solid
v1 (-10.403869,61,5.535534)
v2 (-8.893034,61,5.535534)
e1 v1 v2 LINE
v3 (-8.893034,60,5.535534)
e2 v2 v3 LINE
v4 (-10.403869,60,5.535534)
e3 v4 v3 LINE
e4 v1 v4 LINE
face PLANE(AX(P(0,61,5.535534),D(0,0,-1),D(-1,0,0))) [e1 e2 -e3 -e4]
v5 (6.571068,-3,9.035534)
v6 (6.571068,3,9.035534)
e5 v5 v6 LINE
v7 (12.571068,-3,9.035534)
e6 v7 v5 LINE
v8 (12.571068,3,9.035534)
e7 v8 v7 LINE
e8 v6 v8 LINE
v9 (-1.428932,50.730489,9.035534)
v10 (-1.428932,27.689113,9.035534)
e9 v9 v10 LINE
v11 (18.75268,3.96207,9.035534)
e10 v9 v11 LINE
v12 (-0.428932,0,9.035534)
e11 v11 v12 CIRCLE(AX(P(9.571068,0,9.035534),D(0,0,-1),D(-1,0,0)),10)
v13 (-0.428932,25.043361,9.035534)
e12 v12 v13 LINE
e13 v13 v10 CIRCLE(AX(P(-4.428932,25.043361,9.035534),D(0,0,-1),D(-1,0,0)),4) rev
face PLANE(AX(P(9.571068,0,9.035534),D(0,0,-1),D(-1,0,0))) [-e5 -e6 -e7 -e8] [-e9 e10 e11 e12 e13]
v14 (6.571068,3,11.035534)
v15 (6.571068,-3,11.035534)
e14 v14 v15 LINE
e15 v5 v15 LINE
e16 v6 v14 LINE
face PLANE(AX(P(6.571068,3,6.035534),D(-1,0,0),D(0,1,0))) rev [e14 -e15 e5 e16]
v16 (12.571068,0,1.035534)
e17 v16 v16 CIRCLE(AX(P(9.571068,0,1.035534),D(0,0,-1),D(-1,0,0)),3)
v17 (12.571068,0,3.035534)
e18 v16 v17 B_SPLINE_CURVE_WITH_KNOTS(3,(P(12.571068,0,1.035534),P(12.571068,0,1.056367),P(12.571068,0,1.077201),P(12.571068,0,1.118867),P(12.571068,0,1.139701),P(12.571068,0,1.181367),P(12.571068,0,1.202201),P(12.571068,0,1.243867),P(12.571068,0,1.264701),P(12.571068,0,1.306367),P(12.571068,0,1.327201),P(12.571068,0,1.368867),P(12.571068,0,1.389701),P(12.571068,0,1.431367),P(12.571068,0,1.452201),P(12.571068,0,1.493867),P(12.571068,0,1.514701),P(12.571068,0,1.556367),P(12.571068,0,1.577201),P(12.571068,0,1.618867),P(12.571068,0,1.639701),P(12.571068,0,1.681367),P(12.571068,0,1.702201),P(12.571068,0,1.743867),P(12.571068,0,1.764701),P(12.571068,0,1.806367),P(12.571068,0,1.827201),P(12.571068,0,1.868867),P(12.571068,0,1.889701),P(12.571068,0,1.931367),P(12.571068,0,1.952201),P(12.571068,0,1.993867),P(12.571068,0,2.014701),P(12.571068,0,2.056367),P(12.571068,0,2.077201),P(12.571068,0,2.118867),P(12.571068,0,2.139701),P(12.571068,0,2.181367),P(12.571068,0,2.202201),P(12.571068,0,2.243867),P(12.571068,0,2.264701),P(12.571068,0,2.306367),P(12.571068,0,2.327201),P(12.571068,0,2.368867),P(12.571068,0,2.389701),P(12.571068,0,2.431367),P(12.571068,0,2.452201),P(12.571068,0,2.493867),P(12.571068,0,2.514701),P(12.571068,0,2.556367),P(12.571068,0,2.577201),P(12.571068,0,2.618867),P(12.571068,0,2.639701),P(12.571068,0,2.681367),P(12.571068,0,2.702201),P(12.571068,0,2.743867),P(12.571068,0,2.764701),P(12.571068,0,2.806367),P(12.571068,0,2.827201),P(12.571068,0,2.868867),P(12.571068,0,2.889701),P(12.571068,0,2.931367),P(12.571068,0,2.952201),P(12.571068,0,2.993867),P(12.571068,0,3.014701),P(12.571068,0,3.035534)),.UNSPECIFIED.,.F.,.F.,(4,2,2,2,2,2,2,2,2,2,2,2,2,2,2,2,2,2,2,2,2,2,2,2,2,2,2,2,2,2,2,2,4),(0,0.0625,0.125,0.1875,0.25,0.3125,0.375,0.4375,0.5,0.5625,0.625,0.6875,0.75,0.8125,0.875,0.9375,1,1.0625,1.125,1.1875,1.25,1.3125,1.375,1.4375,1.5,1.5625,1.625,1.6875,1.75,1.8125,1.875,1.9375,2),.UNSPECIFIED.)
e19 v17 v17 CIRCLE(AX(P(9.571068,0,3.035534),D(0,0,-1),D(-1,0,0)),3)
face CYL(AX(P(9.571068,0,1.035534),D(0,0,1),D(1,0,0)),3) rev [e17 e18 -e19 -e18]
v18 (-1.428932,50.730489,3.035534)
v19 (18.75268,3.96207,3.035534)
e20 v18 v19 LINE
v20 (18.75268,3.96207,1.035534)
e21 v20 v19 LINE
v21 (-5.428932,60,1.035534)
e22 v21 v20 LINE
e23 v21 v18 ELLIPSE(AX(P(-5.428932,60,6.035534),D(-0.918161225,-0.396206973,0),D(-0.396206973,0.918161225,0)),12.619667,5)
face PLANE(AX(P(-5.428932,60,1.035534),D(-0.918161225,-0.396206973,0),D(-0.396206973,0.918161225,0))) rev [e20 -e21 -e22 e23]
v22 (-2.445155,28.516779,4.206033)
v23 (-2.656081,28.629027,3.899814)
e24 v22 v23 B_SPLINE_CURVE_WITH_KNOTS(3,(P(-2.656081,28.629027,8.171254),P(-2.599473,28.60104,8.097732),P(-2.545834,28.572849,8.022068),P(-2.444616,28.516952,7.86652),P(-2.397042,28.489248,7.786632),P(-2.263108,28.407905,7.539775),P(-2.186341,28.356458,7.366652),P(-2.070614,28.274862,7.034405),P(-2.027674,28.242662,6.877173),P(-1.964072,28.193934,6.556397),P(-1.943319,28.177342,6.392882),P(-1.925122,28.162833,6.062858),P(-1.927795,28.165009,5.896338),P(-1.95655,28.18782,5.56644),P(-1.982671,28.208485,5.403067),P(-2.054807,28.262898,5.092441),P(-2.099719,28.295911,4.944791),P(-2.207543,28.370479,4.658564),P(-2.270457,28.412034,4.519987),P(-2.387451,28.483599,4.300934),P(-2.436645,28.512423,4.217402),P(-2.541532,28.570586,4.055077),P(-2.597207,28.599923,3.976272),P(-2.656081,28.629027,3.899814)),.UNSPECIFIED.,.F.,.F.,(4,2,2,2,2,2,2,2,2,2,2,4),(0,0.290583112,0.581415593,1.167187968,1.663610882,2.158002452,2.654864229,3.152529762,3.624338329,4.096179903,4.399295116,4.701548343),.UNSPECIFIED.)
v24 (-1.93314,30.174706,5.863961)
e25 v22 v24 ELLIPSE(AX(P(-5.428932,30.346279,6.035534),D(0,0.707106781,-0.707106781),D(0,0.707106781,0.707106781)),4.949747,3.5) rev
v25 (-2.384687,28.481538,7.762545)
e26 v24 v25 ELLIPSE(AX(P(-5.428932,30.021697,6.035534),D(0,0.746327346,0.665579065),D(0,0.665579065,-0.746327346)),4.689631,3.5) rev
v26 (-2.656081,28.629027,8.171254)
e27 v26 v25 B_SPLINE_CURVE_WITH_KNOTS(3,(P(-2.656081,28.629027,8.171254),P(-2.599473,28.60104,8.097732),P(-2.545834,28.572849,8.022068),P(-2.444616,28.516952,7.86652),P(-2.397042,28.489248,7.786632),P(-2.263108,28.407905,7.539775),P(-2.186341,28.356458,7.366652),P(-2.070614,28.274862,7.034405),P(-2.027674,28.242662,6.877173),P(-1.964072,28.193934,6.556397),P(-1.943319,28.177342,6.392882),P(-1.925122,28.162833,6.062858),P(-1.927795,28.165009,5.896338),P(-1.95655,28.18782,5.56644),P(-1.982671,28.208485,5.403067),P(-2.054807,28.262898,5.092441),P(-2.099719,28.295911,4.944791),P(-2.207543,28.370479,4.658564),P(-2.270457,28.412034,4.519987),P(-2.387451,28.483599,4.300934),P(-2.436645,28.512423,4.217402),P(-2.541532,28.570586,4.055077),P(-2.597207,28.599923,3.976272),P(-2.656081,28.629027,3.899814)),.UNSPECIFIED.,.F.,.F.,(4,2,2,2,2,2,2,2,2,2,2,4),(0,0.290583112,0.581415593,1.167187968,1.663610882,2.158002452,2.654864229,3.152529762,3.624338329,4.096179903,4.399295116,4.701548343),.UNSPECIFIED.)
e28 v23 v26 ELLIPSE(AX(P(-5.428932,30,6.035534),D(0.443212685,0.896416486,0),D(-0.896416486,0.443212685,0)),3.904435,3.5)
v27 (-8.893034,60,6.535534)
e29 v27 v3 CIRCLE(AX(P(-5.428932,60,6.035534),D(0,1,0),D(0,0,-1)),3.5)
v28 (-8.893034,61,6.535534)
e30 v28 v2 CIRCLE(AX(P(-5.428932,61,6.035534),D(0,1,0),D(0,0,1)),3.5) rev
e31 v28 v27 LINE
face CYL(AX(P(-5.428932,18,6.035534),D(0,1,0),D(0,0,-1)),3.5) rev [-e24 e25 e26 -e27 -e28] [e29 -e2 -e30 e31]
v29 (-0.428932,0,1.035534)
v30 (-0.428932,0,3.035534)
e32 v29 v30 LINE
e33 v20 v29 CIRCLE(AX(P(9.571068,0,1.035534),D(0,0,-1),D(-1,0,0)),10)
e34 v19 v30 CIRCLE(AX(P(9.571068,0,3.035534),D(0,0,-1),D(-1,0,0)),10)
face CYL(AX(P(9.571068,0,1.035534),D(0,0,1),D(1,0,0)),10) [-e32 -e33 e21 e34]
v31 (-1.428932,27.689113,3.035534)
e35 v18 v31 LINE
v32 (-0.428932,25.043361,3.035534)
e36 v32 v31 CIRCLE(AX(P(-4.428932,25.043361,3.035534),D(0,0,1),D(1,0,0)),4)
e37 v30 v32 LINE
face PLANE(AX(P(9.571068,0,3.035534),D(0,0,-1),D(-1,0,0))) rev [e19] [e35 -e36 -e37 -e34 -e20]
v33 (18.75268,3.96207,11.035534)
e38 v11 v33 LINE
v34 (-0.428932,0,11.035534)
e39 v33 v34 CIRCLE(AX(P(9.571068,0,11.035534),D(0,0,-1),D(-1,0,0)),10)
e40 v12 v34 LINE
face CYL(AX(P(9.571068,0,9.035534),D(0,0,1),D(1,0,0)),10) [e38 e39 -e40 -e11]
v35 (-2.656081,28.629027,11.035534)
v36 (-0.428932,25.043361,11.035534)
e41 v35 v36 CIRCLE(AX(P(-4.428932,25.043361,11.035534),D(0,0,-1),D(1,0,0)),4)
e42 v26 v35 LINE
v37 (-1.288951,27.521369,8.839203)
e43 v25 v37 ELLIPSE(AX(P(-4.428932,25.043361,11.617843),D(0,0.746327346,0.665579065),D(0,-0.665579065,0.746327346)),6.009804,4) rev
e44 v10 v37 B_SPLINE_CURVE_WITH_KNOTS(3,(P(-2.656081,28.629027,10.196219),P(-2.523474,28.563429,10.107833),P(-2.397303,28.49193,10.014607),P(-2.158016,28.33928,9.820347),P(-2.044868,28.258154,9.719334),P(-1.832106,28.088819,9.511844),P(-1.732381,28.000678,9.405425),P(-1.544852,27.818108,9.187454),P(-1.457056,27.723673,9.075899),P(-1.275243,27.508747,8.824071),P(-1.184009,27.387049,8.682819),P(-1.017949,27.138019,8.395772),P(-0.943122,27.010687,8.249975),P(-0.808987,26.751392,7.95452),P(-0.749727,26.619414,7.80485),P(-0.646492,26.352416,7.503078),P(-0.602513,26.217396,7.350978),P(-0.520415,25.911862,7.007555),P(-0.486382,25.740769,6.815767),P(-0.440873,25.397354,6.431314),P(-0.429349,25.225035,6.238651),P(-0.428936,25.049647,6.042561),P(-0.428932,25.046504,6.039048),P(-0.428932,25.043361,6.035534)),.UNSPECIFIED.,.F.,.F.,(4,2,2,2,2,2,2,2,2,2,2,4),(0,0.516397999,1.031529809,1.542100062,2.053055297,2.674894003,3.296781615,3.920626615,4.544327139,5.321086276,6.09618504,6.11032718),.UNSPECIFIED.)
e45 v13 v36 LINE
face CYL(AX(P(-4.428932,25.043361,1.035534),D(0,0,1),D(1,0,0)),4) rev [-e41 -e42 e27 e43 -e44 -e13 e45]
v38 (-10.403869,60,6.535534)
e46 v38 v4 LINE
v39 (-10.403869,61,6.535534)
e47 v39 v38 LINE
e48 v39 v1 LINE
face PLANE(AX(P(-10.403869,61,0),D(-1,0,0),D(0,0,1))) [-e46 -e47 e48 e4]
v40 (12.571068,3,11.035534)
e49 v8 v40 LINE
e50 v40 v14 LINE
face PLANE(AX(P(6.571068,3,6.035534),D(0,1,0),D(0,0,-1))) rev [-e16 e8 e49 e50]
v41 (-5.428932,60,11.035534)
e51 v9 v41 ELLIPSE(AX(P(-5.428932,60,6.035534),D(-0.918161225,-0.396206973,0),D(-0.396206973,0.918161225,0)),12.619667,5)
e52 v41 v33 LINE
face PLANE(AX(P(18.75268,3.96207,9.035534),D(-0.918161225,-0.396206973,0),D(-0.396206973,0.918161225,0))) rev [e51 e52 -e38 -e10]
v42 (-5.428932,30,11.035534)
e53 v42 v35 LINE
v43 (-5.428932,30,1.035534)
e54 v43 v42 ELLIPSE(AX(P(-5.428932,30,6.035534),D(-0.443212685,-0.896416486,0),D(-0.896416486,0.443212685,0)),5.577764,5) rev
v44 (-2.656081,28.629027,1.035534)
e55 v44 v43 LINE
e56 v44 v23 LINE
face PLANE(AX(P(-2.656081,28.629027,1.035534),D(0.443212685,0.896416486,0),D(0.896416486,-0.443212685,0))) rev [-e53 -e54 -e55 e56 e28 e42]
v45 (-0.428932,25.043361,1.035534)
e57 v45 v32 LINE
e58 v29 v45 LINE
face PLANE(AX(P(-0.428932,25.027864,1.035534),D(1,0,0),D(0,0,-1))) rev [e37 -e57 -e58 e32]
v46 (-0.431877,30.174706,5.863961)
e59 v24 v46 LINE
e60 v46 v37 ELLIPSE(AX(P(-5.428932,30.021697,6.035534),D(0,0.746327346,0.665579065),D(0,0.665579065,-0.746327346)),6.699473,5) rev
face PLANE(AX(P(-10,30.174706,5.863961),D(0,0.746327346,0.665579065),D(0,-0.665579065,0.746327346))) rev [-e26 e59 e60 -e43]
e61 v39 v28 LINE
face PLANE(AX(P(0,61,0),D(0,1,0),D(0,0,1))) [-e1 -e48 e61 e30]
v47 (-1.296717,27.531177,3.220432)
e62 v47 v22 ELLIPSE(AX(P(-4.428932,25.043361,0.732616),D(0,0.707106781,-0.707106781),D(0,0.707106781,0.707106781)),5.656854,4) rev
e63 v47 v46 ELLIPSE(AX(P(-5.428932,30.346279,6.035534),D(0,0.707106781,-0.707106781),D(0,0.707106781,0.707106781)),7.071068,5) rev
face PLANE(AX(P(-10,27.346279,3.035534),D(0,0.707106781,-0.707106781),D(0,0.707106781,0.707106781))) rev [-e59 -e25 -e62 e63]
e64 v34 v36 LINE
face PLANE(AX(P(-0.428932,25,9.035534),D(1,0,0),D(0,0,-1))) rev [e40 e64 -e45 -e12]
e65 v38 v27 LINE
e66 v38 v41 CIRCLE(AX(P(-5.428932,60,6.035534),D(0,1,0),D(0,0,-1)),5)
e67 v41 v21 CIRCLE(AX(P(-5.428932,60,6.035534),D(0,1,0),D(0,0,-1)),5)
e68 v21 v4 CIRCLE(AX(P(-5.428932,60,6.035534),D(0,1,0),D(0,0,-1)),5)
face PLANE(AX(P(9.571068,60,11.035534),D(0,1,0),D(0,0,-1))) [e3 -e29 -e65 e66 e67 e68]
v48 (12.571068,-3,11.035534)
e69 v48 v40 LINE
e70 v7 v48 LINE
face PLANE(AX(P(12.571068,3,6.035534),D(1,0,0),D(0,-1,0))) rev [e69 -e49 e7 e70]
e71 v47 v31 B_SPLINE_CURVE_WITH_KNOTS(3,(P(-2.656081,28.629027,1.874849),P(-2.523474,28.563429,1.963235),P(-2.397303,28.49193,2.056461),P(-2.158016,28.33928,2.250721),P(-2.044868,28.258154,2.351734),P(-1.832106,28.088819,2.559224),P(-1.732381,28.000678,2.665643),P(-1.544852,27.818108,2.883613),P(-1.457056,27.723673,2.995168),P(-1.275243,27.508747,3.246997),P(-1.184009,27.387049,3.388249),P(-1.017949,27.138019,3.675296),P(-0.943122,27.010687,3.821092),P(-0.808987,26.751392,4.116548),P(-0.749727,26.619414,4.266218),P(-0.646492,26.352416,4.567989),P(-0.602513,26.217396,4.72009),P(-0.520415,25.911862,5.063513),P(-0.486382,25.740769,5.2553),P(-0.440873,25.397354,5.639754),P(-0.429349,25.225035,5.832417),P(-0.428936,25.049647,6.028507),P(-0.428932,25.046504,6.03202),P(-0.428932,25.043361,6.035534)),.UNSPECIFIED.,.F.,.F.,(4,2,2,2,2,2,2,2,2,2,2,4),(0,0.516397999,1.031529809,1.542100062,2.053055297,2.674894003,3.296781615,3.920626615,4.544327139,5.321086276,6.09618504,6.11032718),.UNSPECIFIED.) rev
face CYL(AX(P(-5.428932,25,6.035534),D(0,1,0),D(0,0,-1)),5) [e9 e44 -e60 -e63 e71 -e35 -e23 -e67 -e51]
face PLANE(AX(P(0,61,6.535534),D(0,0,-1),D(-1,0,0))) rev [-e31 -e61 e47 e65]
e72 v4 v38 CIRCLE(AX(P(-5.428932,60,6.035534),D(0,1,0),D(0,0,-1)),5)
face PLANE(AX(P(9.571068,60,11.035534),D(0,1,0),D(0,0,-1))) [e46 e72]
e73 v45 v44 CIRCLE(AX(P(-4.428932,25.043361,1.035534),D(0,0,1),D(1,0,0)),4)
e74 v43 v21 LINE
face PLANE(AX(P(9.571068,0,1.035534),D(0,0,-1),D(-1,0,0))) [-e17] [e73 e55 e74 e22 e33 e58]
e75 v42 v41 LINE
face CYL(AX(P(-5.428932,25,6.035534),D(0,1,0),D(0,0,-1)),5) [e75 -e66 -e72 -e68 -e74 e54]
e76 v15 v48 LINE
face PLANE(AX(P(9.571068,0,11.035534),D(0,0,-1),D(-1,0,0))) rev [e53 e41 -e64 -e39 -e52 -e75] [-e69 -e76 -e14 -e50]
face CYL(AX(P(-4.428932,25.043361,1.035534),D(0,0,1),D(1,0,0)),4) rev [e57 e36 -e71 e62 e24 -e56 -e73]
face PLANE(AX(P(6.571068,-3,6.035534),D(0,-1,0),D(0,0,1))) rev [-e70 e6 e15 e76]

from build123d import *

# Parameters (mm, degrees)
SKETCH1_R             = 3
BOSS_EXTRUDE1_DEPTH   = 2
SKETCH2_R             = 3
BOSS_EXTRUDE2_DEPTH   = 2
SKETCH3_R             = 5
CUT_EXTRUDE1_DEPTH    = 38
BOSS_EXTRUDE3_DEPTH   = 35
CUT_EXTRUDE2_DEPTH    = 13
SKETCH6_R             = 3.5
CUT_EXTRUDE3_DEPTH    = 42
SKETCH7_W             = 6
SKETCH7_H             = 6
CUT_EXTRUDE4_DEPTH    = 5
BODY_MOVE_COPY1_ANGLE = 90
BODY_MOVE_COPY2_ANGLE = 45
BODY_MOVE_COPY3_ANGLE = 45
CUT_EXTRUDE5_DEPTH    = 10
BOSS_EXTRUDE4_START   = 1
BOSS_EXTRUDE4_DEPTH   = 1


with BuildPart() as part:
    # Sketch1 → Boss-Extrude1 (new body)
    with BuildSketch(Plane.XY):
        with BuildLine():
            Line((10, 0), (10, 25))
            Line((10, 25), (10, 25.027864045))
            ThreePointArc((10, 25.027864045), (10.597396767, 27.130788493), (12.211145618, 28.605572809))
            Line((12.211145618, 28.605572809), (15, 30))
            Line((15, 30), (15, 60))
            Line((15, 60), (-9.181612248, 3.962069729))
            ThreePointArc((-9.181612248, 3.962069729), (-2.022854113, -9.793266117), (10, 0))
        make_face()
        Circle(SKETCH1_R, mode=Mode.SUBTRACT)
    extrude(amount=BOSS_EXTRUDE1_DEPTH)


with BuildPart() as body_2:
    # Sketch2 → Boss-Extrude2 (new body)
    with BuildSketch(Plane.XY.offset(8)):
        with BuildLine():
            Line((10, 0), (10, 25.027864045))
            Line((10, 25.027864045), (10, 25.043361255))
            ThreePointArc((10, 25.043361255), (10.602103374, 27.153882167), (12.22714926, 28.629027198))
            Line((12.22714926, 28.629027198), (15, 30))
            Line((15, 30), (15, 60))
            Line((15, 60), (-9.181612248, 3.962069729))
            ThreePointArc((-9.181612248, 3.962069729), (-2.022854113, -9.793266117), (10, 0))
        make_face()
        Circle(SKETCH2_R, mode=Mode.SUBTRACT)
    extrude(amount=BOSS_EXTRUDE2_DEPTH)


with BuildPart() as cut_extrude1_tool:
    # Sketch3 → Cut-Extrude1 (new body)
    with BuildSketch(Plane(origin=(0, 60, 0), x_dir=(1, 0, 0), z_dir=(0, 1, 0))):
        with Locations((15, -5)):
            Circle(SKETCH3_R)
    extrude(amount=-CUT_EXTRUDE1_DEPTH)


with BuildPart() as part_1:
    add(part.part)

    # Cut-Extrude1: cut by cut_extrude1_tool
    add(cut_extrude1_tool.part, mode=Mode.SUBTRACT)



with BuildPart() as body_2_1:
    add(body_2.part)

    # Cut-Extrude1: cut by cut_extrude1_tool
    add(cut_extrude1_tool.part, mode=Mode.SUBTRACT)


with BuildPart() as part_2:
    add(part_1.part)

    add(body_2_1.part)  # Boss-Extrude3 merges body 2
    # Sketch4 → Boss-Extrude3 (add)
    with BuildSketch(Plane(origin=(0, 60, 0), x_dir=(1, 0, 0), z_dir=(0, 1, 0))):
        with BuildLine():
            ThreePointArc((15, 0), (10, -5), (15, -10))
            Line((15, -10), (15, 0))
        make_face()
        with BuildLine():
            Line((15, 0), (15, -10))
            ThreePointArc((15, -10), (18.535533906, -8.535533906), (20, -5))
            ThreePointArc((20, -5), (18.535533906, -1.464466094), (15, 0))
        make_face()
    extrude(amount=-BOSS_EXTRUDE3_DEPTH)

    # Sketch5 → Cut-Extrude2 (cut)
    with BuildSketch(Plane.XY):
        with BuildLine():
            Line((10, 25.027864045), (10, 25.043361255))
            ThreePointArc((10, 25.043361255), (10.602103374, 27.153882167), (12.22714926, 28.629027198))
            Line((12.22714926, 28.629027198), (15, 30))
            Line((15, 30), (20, 32.472135955))
            Line((20, 32.472135955), (20, 25))
            Line((20, 25), (20, 22.63115285))
            Line((20, 22.63115285), (10, 22.63115285))
            Line((10, 22.63115285), (10, 25.027864045))
        make_face()
    extrude(amount=CUT_EXTRUDE2_DEPTH, mode=Mode.SUBTRACT)

    # Sketch6 → Cut-Extrude3 (cut)
    with BuildSketch(Plane(origin=(0, 60, 0), x_dir=(1, 0, 0), z_dir=(0, 1, 0))):
        with Locations(Location((15, -5, 0), (0, 0, 270))):
            Circle(SKETCH6_R)
    extrude(amount=-CUT_EXTRUDE3_DEPTH, mode=Mode.SUBTRACT)

    # Sketch7 → Cut-Extrude4 (cut)
    with BuildSketch(Plane(origin=(0, 0, 0), x_dir=(-1, 0, 0), z_dir=(0, 0, -1))):
        Rectangle(SKETCH7_W, SKETCH7_H)
    extrude(amount=-CUT_EXTRUDE4_DEPTH, mode=Mode.SUBTRACT)


with BuildPart() as part_3:
    # Body-Move/Copy1: moved
    add(part_2.part.rotate(Axis((5, 0, 5), (0, 1, 0)), BODY_MOVE_COPY1_ANGLE))


with BuildPart() as part_4:
    # Body-Move/Copy2: moved
    add(part_3.part.rotate(Axis((5, 0, 5), (0, 1, 0)), BODY_MOVE_COPY2_ANGLE))


with BuildPart() as part_5:
    # Body-Move/Copy3: moved
    add(part_4.part.rotate(Axis((6.035533906, 0, 6.035533906), (0, 1, 0)), BODY_MOVE_COPY3_ANGLE))

    # Sketch8 → Cut-Extrude5 (cut)
    with BuildSketch(Plane(origin=(0, 0, 0), x_dir=(0, 0, -1), z_dir=(1, 0, 0))):
        Polygon((-3.035533906, 27.346279357), (-5.863961031, 30.174706482), (-9.035533906, 27.346279357), (-6.035533906, 25.043361255), align=None)
    extrude(amount=-CUT_EXTRUDE5_DEPTH, mode=Mode.SUBTRACT)

    # Sketch11 → Boss-Extrude4 (add)
    with BuildSketch(Plane(origin=(0, 60, 0), x_dir=(1, 0, 0), z_dir=(0, 1, 0)).offset(BOSS_EXTRUDE4_START)):
        with BuildLine():
            Line((-10.403869374, -5.535533906), (-10.403869374, -6.535533906))
            Line((-10.403869374, -6.535533906), (-8.893033803, -6.535533906))
            ThreePointArc((-8.893033803, -6.535533906), (-8.928932188, -6.035533906), (-8.893033803, -5.535533906))
            Line((-8.893033803, -5.535533906), (-10.403869374, -5.535533906))
        make_face()
    extrude(amount=-BOSS_EXTRUDE4_DEPTH)


solid = part_5.part
